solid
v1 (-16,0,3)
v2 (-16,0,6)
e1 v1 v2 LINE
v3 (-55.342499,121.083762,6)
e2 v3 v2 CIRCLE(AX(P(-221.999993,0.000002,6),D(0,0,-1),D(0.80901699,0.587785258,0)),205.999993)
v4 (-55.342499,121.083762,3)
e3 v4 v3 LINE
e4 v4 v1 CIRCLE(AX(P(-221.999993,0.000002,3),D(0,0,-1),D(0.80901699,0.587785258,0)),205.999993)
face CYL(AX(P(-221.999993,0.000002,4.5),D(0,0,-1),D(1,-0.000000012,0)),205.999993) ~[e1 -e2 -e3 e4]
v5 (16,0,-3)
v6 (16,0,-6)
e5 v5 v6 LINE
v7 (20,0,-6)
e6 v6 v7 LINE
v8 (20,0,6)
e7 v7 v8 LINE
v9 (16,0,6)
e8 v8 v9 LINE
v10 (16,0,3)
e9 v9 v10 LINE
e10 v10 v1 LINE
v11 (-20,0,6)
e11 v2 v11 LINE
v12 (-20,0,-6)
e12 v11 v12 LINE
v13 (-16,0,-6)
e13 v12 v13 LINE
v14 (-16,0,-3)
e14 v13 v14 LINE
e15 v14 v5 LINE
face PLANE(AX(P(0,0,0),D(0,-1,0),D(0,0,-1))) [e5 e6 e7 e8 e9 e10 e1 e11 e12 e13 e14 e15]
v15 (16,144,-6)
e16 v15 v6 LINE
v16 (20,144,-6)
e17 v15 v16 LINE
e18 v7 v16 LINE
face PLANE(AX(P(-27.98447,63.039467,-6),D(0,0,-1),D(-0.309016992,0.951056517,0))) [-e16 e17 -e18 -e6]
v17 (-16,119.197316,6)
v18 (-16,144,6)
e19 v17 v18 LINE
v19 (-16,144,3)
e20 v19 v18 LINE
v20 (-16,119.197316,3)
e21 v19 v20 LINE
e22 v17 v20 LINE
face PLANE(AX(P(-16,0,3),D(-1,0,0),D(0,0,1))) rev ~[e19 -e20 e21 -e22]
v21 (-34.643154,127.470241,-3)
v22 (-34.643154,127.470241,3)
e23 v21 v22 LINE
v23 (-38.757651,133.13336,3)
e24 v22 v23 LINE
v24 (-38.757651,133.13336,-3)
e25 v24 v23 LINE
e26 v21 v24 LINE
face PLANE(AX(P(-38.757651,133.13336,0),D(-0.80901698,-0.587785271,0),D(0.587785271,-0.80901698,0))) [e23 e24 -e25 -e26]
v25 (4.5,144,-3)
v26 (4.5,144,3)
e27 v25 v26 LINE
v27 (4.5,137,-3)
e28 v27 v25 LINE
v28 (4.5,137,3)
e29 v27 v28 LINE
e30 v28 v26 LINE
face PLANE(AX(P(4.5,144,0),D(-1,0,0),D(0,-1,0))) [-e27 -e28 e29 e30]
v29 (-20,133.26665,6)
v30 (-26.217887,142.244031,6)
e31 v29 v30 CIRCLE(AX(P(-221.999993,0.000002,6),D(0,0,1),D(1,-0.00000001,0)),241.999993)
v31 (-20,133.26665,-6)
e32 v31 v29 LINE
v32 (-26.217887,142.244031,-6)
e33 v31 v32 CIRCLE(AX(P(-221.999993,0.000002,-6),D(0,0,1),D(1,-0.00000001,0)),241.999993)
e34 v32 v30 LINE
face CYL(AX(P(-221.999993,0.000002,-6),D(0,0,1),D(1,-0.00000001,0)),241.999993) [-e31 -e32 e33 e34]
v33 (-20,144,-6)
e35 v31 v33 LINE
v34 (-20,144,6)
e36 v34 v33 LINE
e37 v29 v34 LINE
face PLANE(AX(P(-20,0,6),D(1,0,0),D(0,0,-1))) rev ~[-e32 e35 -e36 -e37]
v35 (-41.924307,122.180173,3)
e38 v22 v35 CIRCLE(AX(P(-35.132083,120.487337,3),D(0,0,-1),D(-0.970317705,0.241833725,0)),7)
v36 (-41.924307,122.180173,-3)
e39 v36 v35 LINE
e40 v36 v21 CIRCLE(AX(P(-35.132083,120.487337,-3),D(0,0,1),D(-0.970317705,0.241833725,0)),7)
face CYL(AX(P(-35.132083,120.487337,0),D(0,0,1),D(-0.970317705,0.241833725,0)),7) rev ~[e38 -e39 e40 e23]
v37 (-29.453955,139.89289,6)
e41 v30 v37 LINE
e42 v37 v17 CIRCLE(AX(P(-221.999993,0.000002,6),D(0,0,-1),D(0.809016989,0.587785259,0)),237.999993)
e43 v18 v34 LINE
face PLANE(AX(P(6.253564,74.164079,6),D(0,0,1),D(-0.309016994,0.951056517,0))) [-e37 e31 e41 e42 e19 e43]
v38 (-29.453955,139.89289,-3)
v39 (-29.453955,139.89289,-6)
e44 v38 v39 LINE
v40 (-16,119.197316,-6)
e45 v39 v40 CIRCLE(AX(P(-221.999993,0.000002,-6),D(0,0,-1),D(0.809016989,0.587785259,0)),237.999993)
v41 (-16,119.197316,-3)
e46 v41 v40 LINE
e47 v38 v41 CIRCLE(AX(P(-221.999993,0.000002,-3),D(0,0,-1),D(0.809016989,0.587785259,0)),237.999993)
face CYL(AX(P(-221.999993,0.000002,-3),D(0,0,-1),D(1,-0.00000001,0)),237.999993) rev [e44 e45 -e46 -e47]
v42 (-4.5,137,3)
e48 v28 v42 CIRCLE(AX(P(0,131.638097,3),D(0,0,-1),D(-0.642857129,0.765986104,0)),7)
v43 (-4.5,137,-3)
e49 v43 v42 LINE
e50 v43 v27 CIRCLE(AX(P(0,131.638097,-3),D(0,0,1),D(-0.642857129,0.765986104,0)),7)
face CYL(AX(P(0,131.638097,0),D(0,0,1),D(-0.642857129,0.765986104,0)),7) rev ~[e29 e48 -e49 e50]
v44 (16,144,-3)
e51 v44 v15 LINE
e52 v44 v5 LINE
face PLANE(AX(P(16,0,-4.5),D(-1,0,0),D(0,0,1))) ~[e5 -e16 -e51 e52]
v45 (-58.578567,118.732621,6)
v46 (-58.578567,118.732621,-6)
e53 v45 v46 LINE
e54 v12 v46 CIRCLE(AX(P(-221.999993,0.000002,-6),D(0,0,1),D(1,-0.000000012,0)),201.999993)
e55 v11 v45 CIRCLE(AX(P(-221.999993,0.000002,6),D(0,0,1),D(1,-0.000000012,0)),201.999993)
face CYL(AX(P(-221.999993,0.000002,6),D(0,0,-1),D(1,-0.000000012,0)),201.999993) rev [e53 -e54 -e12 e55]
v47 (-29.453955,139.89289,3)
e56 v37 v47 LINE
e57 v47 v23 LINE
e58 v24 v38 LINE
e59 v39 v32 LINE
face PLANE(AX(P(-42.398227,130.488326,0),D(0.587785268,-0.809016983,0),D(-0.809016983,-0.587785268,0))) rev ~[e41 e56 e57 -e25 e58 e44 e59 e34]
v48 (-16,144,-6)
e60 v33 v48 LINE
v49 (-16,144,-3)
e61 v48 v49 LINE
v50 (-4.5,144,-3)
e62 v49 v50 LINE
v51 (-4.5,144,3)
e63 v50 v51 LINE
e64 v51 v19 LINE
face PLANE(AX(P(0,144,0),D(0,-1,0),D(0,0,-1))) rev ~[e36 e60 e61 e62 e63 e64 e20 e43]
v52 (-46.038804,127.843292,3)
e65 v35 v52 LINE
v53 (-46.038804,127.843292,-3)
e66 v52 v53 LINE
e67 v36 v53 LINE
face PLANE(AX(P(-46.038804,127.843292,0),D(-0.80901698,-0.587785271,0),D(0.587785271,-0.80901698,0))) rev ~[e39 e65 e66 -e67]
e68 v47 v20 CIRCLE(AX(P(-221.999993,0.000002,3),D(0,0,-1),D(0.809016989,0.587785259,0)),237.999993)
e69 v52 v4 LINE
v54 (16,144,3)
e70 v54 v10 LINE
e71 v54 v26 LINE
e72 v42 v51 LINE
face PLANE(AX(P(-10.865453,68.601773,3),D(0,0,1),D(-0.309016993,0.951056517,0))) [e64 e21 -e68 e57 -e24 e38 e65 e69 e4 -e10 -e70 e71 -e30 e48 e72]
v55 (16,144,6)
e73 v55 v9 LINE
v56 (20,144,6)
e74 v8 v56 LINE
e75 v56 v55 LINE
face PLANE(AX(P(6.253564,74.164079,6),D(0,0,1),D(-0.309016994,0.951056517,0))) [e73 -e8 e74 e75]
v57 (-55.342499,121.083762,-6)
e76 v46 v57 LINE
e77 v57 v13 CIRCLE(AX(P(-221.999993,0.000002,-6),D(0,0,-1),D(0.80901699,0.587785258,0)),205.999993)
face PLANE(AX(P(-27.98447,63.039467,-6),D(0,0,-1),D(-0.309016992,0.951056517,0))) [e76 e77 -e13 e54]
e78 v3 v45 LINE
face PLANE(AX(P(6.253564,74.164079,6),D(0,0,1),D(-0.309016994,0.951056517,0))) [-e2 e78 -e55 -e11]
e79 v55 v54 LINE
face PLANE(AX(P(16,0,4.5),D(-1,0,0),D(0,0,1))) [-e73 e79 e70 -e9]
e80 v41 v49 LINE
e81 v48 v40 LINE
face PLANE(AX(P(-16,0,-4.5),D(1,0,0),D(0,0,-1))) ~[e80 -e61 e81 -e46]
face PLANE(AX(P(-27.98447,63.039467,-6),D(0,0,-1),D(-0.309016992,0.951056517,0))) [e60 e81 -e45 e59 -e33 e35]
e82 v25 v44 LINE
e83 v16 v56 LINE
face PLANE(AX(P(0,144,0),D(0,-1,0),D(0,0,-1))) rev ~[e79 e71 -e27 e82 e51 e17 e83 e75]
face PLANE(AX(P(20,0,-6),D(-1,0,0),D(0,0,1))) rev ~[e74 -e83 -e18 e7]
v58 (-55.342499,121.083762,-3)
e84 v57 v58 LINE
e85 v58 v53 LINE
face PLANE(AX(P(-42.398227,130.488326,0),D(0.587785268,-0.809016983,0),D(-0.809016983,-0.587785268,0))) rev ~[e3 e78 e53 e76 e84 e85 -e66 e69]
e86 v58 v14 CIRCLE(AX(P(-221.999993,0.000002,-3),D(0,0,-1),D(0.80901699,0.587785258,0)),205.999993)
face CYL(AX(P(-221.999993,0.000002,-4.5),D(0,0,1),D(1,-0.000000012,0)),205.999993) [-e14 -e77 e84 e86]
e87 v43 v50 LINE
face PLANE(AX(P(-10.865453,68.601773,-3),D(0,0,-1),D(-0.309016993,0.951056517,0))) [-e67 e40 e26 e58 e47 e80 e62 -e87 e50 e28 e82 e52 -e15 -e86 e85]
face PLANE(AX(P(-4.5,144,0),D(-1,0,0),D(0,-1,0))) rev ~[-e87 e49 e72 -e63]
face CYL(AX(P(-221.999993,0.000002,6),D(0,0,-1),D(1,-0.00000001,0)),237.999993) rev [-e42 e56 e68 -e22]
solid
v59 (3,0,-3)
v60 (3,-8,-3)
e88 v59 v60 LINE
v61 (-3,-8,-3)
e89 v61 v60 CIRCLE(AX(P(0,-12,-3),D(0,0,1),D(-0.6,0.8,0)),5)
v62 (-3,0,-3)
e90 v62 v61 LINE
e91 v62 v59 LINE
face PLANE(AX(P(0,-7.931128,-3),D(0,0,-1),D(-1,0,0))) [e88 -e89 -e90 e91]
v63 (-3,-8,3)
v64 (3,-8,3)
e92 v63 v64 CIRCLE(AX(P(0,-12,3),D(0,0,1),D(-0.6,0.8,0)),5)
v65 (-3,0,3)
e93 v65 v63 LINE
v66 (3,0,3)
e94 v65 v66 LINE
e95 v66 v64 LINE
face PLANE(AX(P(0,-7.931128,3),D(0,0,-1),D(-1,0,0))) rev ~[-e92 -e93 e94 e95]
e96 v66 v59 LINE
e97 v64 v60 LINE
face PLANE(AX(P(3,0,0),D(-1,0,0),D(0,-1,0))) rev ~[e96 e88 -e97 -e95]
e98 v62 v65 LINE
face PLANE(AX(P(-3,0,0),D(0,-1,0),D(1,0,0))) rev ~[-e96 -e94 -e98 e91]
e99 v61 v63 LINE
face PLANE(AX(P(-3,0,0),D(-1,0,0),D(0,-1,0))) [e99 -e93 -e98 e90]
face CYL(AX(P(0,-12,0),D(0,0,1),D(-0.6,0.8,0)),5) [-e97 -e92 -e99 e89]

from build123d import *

# Parameters (mm, degrees)
SKETCH013_W          = 32
SKETCH013_H          = 3
POCKET_DEPTH         = 6.001
POCKET_DEPTH_BACK    = -6.001
POCKET001_DEPTH      = 6.001
POCKET001_DEPTH_BACK = -6.001
PAD_DEPTH            = 3


with BuildPart() as body:
    # AdditivePipe: sweep along a path in Sketch002
    with BuildLine(Plane.XY) as additivepipe_path:
        ThreePointArc((0, 0), (-10.865453, 68.601773), (-42.398227, 130.488326))
    # Sketch → AdditivePipe (sweep)
    with BuildSketch(Plane.XZ):
        Polygon((-20, 6), (-20, -6), (-16, -6), (-16, -3), (-9, -3), (9, -3), (16, -3), (16, -6), (20, -6), (20, 6), (16, 6), (16, 3), (9, 3), (-9, 3), (-16, 3), (-16, 6), align=None)
    sweep(path=additivepipe_path.line)

    # AdditivePipe001: sweep along a path in Sketch001
    with BuildLine(Plane.XY) as additivepipe001_path:
        Line((0, 0), (0, 144))
    # Sketch → AdditivePipe001 (sweep)
    with BuildSketch(Plane.XZ):
        Polygon((-20, 6), (-20, -6), (-16, -6), (-16, -3), (-9, -3), (9, -3), (16, -3), (16, -6), (20, -6), (20, 6), (16, 6), (16, 3), (9, 3), (-9, 3), (-16, 3), (-16, 6), align=None)
    sweep(path=additivepipe001_path.line)

    # SubtractivePipe: sweep along a path in Sketch002
    with BuildLine(Plane.XY) as subtractivepipe_path:
        ThreePointArc((0, 0), (-10.865453, 68.601773), (-42.398227, 130.488326))
    # Sketch013 (on Face1 of AdditivePipe001) → SubtractivePipe (sweep, cut)
    with BuildSketch(Plane.XZ):
        with Locations((0, 4.5)):
            Rectangle(SKETCH013_W, SKETCH013_H)
    subtractivepipe = sweep(path=subtractivepipe_path.line, mode=Mode.SUBTRACT)

    # SubtractivePipe001: sweep along a path in Sketch001
    with BuildLine(Plane.XY) as subtractivepipe001_path:
        Line((0, 0), (0, 144))
    # Sketch013 (on Face1 of AdditivePipe001) → SubtractivePipe001 (sweep, cut)
    with BuildSketch(Plane.XZ):
        with Locations((0, 4.5)):
            Rectangle(SKETCH013_W, SKETCH013_H)
    subtractivepipe001 = sweep(path=subtractivepipe001_path.line, mode=Mode.SUBTRACT)

    # Mirrored: SubtractivePipe across XY
    add(subtractivepipe.mirror(Plane.XY), mode=Mode.SUBTRACT)

    # Mirrored001: SubtractivePipe001 across XY
    add(subtractivepipe001.mirror(Plane.XY), mode=Mode.SUBTRACT)

    # Sketch015 → Pocket (cut, two sides)
    with BuildSketch(Plane.XY) as pocket_sk:
        with BuildLine():
            Line((-46.038804, 127.843292), (-38.757651, 133.13336))
            Line((-38.757651, 133.13336), (-34.643154, 127.470241))
            ThreePointArc((-41.924307, 122.180173), (-31.017586, 114.824218), (-34.643154, 127.470241))
            Line((-46.038804, 127.843292), (-41.924307, 122.180173))
        make_face()
    extrude(amount=-POCKET_DEPTH, mode=Mode.SUBTRACT)
    extrude(pocket_sk.sketch, amount=-POCKET_DEPTH_BACK, mode=Mode.SUBTRACT)

    # Sketch016 → Pocket001 (cut, two sides)
    with BuildSketch(Plane.XY) as pocket001_sk:
        with BuildLine():
            Line((-4.5, 144), (4.5, 144))
            Line((4.5, 144), (4.5, 137))
            ThreePointArc((-4.5, 137), (0, 124.638097), (4.5, 137))
            Line((-4.5, 144), (-4.5, 137))
        make_face()
    extrude(amount=-POCKET001_DEPTH, mode=Mode.SUBTRACT)
    extrude(pocket001_sk.sketch, amount=-POCKET001_DEPTH_BACK, mode=Mode.SUBTRACT)


with BuildPart() as body001:
    # Sketch008 → Pad (new body, symmetric)
    with BuildSketch(Plane.XY):
        with BuildLine():
            Line((-3, 0), (3, 0))
            Line((3, 0), (3, -8))
            ThreePointArc((-3, -8), (0, -17), (3, -8))
            Line((-3, 0), (-3, -8))
        make_face()
    extrude(amount=PAD_DEPTH, both=True)


solid = Compound([body.part, body001.part])
